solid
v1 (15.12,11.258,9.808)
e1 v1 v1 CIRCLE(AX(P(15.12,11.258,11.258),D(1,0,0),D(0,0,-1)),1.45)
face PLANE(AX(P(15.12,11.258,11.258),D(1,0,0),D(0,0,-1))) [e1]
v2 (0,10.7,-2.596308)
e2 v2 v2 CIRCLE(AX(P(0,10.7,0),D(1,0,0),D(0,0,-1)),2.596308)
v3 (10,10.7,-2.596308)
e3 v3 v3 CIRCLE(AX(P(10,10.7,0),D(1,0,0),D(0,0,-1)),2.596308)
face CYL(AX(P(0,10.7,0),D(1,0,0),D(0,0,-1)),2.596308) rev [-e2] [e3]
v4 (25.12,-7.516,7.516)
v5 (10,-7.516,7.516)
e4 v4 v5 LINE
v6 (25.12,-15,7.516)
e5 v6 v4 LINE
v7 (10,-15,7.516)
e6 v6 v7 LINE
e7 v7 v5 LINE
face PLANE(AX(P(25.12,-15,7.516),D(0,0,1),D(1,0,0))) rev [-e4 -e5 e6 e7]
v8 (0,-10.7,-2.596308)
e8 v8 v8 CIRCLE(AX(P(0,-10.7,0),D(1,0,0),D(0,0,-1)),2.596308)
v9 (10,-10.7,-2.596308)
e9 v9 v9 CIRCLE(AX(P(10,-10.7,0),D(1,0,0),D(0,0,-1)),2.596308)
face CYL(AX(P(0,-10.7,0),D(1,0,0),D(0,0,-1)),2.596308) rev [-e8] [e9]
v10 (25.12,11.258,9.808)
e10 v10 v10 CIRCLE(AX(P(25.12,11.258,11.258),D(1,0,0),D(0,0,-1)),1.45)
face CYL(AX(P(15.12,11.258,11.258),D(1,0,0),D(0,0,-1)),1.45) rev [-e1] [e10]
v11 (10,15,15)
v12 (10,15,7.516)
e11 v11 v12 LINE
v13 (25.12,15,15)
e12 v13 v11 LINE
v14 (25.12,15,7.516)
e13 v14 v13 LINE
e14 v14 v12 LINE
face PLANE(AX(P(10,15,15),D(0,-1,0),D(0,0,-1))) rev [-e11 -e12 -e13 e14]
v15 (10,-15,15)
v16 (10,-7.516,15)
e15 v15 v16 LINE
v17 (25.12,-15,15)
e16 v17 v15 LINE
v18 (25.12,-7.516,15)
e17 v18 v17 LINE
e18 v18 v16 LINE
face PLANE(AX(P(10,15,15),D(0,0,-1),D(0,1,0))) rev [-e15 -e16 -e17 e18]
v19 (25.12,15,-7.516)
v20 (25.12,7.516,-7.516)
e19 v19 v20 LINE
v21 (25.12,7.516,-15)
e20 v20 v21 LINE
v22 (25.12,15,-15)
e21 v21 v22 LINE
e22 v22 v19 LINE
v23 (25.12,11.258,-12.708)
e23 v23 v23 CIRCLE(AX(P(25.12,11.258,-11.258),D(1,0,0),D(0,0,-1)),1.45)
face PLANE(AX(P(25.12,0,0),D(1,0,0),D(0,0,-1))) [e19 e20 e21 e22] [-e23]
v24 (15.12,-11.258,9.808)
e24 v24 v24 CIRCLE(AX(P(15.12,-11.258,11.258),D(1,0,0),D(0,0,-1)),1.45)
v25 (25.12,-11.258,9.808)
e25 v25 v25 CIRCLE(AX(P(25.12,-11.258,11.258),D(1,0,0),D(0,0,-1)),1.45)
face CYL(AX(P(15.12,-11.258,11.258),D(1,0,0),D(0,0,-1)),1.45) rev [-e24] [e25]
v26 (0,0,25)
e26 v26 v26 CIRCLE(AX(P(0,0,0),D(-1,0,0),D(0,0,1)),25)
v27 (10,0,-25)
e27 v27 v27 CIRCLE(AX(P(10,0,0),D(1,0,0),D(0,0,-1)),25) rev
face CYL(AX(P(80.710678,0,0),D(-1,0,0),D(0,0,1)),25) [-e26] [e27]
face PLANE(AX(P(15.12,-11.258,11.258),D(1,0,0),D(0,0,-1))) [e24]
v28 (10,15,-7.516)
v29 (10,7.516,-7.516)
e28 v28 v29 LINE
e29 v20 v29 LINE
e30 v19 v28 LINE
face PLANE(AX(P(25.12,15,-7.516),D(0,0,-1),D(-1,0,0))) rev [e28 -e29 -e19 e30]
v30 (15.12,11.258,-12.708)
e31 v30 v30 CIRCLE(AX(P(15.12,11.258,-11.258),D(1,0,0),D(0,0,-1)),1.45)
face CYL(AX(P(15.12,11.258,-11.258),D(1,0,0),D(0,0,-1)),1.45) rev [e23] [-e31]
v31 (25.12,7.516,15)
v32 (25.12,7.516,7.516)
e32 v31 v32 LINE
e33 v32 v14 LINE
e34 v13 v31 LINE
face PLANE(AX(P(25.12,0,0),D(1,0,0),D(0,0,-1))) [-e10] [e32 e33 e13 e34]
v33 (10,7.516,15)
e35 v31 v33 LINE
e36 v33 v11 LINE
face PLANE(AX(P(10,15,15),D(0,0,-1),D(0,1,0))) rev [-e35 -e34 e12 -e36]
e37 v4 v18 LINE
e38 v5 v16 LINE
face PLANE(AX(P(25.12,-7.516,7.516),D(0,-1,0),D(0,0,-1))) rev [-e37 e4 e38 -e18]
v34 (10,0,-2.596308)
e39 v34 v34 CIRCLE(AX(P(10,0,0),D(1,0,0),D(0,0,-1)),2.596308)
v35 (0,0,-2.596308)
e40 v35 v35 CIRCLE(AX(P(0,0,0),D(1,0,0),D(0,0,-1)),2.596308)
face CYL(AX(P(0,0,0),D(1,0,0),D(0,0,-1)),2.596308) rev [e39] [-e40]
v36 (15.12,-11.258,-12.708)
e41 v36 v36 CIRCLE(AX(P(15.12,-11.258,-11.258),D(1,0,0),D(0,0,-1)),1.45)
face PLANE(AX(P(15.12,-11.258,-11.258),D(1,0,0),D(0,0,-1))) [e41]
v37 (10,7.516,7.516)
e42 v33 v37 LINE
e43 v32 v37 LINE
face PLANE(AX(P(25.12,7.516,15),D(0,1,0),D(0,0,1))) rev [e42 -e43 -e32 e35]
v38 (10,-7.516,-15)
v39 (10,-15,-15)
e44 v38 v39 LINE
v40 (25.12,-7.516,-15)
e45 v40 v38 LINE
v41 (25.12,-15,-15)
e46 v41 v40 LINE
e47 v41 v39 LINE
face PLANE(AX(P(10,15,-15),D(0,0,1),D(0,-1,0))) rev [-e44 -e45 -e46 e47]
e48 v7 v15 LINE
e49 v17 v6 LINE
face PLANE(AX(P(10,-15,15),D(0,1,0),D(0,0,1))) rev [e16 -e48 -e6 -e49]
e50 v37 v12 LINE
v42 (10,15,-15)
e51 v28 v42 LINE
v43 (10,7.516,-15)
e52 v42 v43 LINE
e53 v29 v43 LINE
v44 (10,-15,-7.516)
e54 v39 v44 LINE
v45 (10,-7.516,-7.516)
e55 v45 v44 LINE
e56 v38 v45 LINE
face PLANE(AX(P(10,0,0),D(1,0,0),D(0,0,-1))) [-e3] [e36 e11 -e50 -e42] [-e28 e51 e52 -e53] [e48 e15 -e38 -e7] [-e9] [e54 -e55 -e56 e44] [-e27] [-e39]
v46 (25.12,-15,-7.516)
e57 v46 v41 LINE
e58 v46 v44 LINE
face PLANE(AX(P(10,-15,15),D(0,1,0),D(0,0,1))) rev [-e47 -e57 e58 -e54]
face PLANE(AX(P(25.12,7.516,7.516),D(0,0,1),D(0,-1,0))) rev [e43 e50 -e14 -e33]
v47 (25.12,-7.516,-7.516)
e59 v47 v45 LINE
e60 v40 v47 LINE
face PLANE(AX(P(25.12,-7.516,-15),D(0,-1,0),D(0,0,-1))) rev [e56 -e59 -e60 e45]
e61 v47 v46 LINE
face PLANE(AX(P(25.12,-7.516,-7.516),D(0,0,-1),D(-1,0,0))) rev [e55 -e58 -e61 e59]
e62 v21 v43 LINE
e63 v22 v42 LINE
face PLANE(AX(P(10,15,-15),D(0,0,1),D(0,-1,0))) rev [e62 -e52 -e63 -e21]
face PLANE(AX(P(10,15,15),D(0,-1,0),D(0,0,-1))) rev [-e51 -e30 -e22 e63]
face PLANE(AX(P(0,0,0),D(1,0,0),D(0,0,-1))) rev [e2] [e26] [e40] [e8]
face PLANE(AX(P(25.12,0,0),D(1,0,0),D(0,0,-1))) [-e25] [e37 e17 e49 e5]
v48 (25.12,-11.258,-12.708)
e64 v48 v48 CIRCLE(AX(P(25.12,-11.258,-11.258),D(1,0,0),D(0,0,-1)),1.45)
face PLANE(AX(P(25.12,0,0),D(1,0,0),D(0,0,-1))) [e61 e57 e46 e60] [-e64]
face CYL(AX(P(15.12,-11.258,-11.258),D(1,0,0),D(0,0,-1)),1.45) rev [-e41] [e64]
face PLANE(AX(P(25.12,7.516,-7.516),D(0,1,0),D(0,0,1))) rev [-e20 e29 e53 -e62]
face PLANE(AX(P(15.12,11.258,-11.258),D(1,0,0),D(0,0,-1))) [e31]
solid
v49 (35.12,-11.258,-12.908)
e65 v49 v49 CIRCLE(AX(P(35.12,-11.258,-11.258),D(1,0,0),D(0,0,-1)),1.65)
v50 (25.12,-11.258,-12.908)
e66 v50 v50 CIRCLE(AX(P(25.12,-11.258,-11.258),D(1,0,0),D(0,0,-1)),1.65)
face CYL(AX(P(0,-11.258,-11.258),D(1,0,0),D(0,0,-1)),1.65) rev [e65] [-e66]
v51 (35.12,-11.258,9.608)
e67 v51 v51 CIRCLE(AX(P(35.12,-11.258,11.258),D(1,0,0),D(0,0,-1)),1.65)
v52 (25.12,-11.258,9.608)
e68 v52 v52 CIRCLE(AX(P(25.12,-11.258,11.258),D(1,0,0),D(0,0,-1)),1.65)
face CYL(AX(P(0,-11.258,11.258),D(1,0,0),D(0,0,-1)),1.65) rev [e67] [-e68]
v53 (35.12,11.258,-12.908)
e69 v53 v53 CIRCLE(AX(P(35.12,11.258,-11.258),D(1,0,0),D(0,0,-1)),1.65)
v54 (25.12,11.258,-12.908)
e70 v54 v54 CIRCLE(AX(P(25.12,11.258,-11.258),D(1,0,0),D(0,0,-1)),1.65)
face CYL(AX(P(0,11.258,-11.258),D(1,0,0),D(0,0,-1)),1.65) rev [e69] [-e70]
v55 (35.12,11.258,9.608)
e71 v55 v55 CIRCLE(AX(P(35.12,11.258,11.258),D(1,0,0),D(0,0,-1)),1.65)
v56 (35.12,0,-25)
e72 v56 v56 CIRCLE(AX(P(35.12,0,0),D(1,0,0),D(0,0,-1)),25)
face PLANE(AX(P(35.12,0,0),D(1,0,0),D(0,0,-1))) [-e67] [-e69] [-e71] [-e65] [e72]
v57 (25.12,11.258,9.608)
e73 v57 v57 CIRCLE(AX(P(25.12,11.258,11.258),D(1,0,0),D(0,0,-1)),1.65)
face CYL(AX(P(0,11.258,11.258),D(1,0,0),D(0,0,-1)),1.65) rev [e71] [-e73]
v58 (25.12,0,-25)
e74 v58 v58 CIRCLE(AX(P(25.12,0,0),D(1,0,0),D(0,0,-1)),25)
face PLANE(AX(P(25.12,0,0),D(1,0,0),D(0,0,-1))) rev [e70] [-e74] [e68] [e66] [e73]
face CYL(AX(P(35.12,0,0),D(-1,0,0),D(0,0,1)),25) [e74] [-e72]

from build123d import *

# Parameters (mm, degrees)
SKETCH1_W           = 30
SKETCH1_H           = 30
BOSS_EXTRUDE1_DEPTH = 10
SKETCH2_W           = 7.484
SKETCH2_H           = 7.484
BOSS_EXTRUDE2_DEPTH = 15.12
SKETCH3_R           = 2.596307875
CUT_EXTRUDE1_DEPTH  = 27.050228406
SKETCH4_R           = 25
SKETCH4_W           = 30
SKETCH4_H           = 30
BOSS_EXTRUDE4_DEPTH = 10
SKETCH5_R           = 25
BOSS_EXTRUDE5_DEPTH = 10
SKETCH6_R           = 1.45
CUT_EXTRUDE2_DEPTH  = 10
SKETCH7_R           = 1.65
CUT_EXTRUDE3_DEPTH  = 50.833868002
SKETCH8_R           = 1.45
CUT_EXTRUDE4_DEPTH  = 10


with BuildPart() as part:
    # Sketch1 → Boss-Extrude1 (new body)
    with BuildSketch(Plane(origin=(0, 0, 0), x_dir=(0, 0, -1), z_dir=(1, 0, 0))):
        Rectangle(SKETCH1_W, SKETCH1_H)
    extrude(amount=BOSS_EXTRUDE1_DEPTH)

    # Sketch2 → Boss-Extrude2 (add)
    with BuildSketch(Plane(origin=(10, 0, 0), x_dir=(0, 0, -1), z_dir=(1, 0, 0))):
        with Locations((-11.258, 11.258)):
            Rectangle(SKETCH2_W, SKETCH2_H)
        with Locations((11.258, 11.258)):
            Rectangle(SKETCH2_W, SKETCH2_H)
        with Locations((11.258, -11.258)):
            Rectangle(SKETCH2_W, SKETCH2_H)
        with Locations((-11.258, -11.258)):
            Rectangle(SKETCH2_W, SKETCH2_H)
    extrude(amount=BOSS_EXTRUDE2_DEPTH)

    # Sketch3 → Cut-Extrude1 (cut, through all)
    with BuildSketch(Plane(origin=(10, 0, 0), x_dir=(0, 0, -1), z_dir=(1, 0, 0))):
        with Locations((0, 10.7)):
            Circle(SKETCH3_R)
        with Locations((0, -10.7)):
            Circle(SKETCH3_R)
        Circle(SKETCH3_R)
    extrude(amount=-CUT_EXTRUDE1_DEPTH, mode=Mode.SUBTRACT)

    # Sketch4 → Boss-Extrude4 (add)
    with BuildSketch(Plane.ZY):
        Circle(SKETCH4_R)
        Rectangle(SKETCH4_W, SKETCH4_H, mode=Mode.SUBTRACT)
    extrude(amount=-BOSS_EXTRUDE4_DEPTH)

    # Sketch8 → Cut-Extrude4 (cut)
    with BuildSketch(Plane(origin=(25.12, 0, 0), x_dir=(0, 0, -1), z_dir=(1, 0, 0))):
        with Locations((-11.258, 11.258)):
            Circle(SKETCH8_R)
        with Locations((-11.258, -11.258)):
            Circle(SKETCH8_R)
        with Locations((11.258, 11.258)):
            Circle(SKETCH8_R)
        with Locations((11.258, -11.258)):
            Circle(SKETCH8_R)
    extrude(amount=-CUT_EXTRUDE4_DEPTH, mode=Mode.SUBTRACT)


with BuildPart() as body_2:
    # Sketch5 → Boss-Extrude5 (new body)
    with BuildSketch(Plane(origin=(25.12, 0, 0), x_dir=(0, 0, -1), z_dir=(1, 0, 0))):
        Circle(SKETCH5_R)
    extrude(amount=BOSS_EXTRUDE5_DEPTH)

    # Sketch6 → Cut-Extrude2 (cut)
    with BuildSketch(Plane(origin=(35.12, 0, 0), x_dir=(0, 0, -1), z_dir=(1, 0, 0))):
        with Locations((-11.258, 11.258)):
            Circle(SKETCH6_R)
        with Locations((-11.258, -11.258)):
            Circle(SKETCH6_R)
        with Locations((11.258, -11.258)):
            Circle(SKETCH6_R)
        with Locations((11.258, 11.258)):
            Circle(SKETCH6_R)
    extrude(amount=-CUT_EXTRUDE2_DEPTH, mode=Mode.SUBTRACT)

    # Sketch7 → Cut-Extrude3 (cut, through all)
    with BuildSketch(Plane(origin=(35.12, 0, 0), x_dir=(0, 0, -1), z_dir=(1, 0, 0))):
        with Locations((11.258, -11.258)):
            Circle(SKETCH7_R)
        with Locations((-11.258, 11.258)):
            Circle(SKETCH7_R)
        with Locations((-11.258, -11.258)):
            Circle(SKETCH7_R)
        with Locations((11.258, 11.258)):
            Circle(SKETCH7_R)
    extrude(amount=-CUT_EXTRUDE3_DEPTH, mode=Mode.SUBTRACT)


solid = Compound([part.part, body_2.part])
